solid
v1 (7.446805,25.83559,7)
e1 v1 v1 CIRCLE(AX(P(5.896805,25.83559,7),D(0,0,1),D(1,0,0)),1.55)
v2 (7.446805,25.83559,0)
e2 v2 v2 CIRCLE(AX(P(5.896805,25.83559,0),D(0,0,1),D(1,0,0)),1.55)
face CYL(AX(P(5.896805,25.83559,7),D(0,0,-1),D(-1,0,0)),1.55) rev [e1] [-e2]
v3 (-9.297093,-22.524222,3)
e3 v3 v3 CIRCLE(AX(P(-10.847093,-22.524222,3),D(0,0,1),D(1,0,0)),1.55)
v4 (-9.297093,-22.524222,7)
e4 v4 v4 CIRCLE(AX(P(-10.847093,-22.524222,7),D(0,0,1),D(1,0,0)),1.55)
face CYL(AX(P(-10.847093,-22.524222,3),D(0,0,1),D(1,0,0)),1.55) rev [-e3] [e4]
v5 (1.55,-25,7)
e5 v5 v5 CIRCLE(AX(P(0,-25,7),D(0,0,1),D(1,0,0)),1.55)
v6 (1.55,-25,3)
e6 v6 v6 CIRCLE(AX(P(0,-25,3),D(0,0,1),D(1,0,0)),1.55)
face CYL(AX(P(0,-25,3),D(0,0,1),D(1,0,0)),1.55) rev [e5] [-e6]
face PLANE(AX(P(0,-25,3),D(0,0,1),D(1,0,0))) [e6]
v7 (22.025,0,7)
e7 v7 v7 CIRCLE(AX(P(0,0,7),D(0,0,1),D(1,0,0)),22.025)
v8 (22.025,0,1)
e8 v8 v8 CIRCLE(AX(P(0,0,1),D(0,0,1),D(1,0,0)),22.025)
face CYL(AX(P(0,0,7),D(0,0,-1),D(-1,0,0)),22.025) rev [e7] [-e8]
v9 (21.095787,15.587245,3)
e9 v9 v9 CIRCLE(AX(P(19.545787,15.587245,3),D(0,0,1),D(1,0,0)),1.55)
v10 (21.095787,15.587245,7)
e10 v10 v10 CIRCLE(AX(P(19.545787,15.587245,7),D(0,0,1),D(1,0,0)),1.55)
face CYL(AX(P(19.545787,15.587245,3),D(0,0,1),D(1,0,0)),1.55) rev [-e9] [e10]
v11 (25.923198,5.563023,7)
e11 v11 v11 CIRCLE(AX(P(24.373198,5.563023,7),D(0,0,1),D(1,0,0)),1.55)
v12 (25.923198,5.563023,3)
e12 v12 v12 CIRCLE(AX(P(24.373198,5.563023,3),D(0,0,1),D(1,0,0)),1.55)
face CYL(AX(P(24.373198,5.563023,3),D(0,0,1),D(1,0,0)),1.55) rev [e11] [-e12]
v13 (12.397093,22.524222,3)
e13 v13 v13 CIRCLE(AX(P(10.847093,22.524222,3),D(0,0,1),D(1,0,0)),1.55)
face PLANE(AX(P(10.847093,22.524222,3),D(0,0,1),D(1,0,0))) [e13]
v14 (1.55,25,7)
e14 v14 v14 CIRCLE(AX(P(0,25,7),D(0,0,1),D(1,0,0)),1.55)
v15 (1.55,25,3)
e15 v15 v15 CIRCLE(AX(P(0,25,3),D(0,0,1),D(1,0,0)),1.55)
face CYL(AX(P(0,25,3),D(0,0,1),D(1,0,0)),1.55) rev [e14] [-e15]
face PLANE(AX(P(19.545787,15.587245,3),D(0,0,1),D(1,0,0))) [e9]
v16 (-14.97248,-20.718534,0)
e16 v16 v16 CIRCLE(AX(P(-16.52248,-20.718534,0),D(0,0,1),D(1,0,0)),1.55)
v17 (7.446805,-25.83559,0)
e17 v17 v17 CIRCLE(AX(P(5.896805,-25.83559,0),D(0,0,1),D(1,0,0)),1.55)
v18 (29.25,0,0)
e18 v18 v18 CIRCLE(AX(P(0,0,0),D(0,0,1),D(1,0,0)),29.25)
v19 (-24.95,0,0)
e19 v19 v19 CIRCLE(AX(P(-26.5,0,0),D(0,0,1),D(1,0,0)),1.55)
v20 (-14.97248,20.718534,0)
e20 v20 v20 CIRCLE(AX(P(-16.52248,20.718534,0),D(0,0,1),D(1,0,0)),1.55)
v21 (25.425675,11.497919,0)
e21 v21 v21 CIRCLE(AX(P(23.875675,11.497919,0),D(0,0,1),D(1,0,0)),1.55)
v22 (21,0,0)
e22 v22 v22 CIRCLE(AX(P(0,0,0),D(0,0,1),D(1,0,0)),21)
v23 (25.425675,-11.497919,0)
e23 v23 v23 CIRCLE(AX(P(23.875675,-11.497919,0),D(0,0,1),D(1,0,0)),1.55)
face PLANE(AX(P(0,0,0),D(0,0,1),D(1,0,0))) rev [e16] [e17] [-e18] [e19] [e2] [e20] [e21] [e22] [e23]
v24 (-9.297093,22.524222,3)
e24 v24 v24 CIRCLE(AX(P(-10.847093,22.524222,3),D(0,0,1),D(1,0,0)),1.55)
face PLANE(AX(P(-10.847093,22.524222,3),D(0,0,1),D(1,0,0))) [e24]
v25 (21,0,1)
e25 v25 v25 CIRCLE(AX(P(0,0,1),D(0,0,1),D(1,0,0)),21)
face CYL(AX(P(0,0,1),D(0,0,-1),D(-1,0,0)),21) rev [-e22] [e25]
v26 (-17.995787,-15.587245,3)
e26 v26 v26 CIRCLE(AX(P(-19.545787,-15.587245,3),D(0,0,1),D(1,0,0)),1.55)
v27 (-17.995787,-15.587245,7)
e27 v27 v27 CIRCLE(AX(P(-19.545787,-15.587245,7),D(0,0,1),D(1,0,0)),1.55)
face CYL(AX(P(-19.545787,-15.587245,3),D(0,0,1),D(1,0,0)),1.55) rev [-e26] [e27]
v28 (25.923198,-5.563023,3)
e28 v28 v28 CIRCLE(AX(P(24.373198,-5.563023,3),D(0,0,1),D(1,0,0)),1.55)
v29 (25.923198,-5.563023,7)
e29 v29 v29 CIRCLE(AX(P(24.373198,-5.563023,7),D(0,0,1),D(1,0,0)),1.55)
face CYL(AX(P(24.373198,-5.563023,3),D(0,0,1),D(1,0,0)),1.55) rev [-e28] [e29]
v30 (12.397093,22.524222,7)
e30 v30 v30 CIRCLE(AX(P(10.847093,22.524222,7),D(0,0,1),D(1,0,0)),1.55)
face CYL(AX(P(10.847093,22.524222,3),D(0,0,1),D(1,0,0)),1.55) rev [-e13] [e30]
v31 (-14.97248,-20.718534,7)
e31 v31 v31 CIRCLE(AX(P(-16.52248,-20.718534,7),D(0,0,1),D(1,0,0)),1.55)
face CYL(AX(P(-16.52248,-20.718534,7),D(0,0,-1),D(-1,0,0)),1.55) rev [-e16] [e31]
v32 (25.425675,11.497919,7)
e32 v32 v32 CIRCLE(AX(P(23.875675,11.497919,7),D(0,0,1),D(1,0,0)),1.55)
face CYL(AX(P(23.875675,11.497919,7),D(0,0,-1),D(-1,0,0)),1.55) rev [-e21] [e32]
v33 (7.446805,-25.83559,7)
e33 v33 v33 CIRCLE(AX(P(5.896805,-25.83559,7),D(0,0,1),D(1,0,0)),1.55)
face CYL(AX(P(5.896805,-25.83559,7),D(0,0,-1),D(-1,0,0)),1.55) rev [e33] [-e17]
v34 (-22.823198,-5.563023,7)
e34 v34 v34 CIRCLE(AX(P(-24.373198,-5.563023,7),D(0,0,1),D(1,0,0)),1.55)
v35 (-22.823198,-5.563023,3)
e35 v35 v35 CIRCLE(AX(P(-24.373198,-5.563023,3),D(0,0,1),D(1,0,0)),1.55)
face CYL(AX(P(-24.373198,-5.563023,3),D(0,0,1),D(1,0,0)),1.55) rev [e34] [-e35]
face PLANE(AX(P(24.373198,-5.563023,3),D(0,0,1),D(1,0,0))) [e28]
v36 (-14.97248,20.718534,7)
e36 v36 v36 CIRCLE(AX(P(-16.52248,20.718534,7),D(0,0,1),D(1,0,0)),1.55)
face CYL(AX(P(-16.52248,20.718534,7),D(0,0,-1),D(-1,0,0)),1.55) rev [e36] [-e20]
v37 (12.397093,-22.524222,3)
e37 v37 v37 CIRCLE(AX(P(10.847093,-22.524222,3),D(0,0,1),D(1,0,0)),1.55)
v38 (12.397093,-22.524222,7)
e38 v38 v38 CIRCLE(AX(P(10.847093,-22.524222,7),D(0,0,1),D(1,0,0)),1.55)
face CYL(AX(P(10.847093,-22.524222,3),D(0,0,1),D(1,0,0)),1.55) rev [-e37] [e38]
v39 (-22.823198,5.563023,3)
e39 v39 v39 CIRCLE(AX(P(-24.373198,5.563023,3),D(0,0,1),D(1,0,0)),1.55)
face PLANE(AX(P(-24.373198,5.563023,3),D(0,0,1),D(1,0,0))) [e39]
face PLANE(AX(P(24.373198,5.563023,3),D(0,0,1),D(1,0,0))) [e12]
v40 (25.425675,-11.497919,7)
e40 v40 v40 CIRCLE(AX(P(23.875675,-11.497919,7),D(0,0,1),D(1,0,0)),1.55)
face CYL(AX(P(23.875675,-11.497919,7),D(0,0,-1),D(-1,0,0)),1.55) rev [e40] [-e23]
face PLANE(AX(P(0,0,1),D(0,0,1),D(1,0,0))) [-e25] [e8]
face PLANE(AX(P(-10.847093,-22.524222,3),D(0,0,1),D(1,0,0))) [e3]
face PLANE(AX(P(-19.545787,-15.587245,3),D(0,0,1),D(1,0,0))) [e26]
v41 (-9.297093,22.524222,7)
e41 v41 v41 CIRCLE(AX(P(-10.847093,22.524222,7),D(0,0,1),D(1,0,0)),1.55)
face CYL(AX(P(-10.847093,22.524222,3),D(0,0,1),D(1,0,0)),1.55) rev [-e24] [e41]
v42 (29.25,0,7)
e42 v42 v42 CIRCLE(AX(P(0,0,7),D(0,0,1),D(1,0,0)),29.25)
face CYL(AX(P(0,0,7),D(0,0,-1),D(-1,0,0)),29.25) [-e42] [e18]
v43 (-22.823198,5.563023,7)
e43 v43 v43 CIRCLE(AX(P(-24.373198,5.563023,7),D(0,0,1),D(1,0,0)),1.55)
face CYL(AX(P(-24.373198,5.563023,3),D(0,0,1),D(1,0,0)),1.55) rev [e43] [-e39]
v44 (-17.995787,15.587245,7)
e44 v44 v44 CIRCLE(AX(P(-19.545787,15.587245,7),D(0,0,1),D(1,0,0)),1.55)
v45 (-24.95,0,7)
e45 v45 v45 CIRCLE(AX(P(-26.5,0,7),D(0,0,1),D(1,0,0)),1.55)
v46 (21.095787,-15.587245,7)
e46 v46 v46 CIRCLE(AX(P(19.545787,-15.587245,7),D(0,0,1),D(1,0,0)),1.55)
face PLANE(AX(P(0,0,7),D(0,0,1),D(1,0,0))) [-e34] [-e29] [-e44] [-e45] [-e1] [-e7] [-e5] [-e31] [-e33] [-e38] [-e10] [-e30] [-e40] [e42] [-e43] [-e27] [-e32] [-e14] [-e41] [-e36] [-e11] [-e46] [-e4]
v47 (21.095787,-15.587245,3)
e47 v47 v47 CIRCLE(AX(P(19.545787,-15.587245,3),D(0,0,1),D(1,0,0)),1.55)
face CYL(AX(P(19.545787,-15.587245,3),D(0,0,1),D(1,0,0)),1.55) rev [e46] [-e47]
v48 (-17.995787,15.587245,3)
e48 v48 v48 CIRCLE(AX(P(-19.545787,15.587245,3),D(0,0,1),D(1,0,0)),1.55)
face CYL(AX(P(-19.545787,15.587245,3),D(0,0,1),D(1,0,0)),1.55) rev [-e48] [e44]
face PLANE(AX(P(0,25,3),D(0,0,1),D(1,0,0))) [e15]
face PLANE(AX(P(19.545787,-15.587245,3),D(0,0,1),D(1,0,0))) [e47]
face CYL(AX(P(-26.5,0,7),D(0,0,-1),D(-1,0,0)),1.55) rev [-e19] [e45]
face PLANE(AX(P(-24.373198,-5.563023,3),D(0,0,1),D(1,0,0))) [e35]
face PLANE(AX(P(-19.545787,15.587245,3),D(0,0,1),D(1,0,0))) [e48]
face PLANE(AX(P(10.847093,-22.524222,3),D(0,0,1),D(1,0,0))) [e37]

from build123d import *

# Parameters (mm, degrees)
SKETCH1_R           = 29.25
SKETCH1_R_2         = 22.025
BOSS_EXTRUDE1_DEPTH = 7
CUT_EXTRUDE1_START  = 7
SKETCH1_3_R         = 1.55
CUT_EXTRUDE1_DEPTH  = 4
SKETCH4_R           = 22.25
SKETCH4_R_2         = 21
BOSS_EXTRUDE2_DEPTH = 1
SKETCH3_R           = 1.55
CUT_EXTRUDE2_DEPTH  = 42.953843686


with BuildPart() as part:
    # Sketch1 → Boss-Extrude1 (new body)
    with BuildSketch(Plane.XY):
        Circle(SKETCH1_R)
        Circle(SKETCH1_R_2, mode=Mode.SUBTRACT)
    extrude(amount=BOSS_EXTRUDE1_DEPTH)

    # Sketch1<3> → Cut-Extrude1 (cut)
    with BuildSketch(Plane.XY.offset(CUT_EXTRUDE1_START)):
        with Locations((0, 25)):
            Circle(SKETCH1_3_R)
        with Locations((10.847093478, 22.524221698)):
            Circle(SKETCH1_3_R)
        with Locations((19.545787062, 15.587245046)):
            Circle(SKETCH1_3_R)
        with Locations((24.373197805, 5.563023349)):
            Circle(SKETCH1_3_R)
        with Locations((24.373197805, -5.563023349)):
            Circle(SKETCH1_3_R)
        with Locations((19.545787062, -15.587245046)):
            Circle(SKETCH1_3_R)
        with Locations((10.847093478, -22.524221698)):
            Circle(SKETCH1_3_R)
        with Locations((0, -25)):
            Circle(SKETCH1_3_R)
        with Locations((-10.847093478, -22.524221698)):
            Circle(SKETCH1_3_R)
        with Locations((-19.545787062, -15.587245046)):
            Circle(SKETCH1_3_R)
        with Locations((-24.373197805, -5.563023349)):
            Circle(SKETCH1_3_R)
        with Locations((-24.373197805, 5.563023349)):
            Circle(SKETCH1_3_R)
        with Locations((-19.545787062, 15.587245046)):
            Circle(SKETCH1_3_R)
        with Locations((-10.847093478, 22.524221698)):
            Circle(SKETCH1_3_R)
    extrude(amount=-CUT_EXTRUDE1_DEPTH, mode=Mode.SUBTRACT)

    # Sketch4 → Boss-Extrude2 (add)
    with BuildSketch(Plane.XY):
        Circle(SKETCH4_R)
        Circle(SKETCH4_R_2, mode=Mode.SUBTRACT)
    extrude(amount=BOSS_EXTRUDE2_DEPTH)

    # Sketch3 → Cut-Extrude2 (cut, through all)
    with BuildSketch(Plane.XY):
        with Locations((5.89680475, 25.835589673)):
            Circle(SKETCH3_R)
        with Locations((23.875674999, 11.497919087)):
            Circle(SKETCH3_R)
        with Locations((23.875674999, -11.497919087)):
            Circle(SKETCH3_R)
        with Locations((5.89680475, -25.835589673)):
            Circle(SKETCH3_R)
        with Locations((-16.522479749, -20.718534285)):
            Circle(SKETCH3_R)
        with Locations((-26.5, 0)):
            Circle(SKETCH3_R)
        with Locations((-16.522479749, 20.718534285)):
            Circle(SKETCH3_R)
    extrude(amount=CUT_EXTRUDE2_DEPTH, mode=Mode.SUBTRACT)


solid = part.part
